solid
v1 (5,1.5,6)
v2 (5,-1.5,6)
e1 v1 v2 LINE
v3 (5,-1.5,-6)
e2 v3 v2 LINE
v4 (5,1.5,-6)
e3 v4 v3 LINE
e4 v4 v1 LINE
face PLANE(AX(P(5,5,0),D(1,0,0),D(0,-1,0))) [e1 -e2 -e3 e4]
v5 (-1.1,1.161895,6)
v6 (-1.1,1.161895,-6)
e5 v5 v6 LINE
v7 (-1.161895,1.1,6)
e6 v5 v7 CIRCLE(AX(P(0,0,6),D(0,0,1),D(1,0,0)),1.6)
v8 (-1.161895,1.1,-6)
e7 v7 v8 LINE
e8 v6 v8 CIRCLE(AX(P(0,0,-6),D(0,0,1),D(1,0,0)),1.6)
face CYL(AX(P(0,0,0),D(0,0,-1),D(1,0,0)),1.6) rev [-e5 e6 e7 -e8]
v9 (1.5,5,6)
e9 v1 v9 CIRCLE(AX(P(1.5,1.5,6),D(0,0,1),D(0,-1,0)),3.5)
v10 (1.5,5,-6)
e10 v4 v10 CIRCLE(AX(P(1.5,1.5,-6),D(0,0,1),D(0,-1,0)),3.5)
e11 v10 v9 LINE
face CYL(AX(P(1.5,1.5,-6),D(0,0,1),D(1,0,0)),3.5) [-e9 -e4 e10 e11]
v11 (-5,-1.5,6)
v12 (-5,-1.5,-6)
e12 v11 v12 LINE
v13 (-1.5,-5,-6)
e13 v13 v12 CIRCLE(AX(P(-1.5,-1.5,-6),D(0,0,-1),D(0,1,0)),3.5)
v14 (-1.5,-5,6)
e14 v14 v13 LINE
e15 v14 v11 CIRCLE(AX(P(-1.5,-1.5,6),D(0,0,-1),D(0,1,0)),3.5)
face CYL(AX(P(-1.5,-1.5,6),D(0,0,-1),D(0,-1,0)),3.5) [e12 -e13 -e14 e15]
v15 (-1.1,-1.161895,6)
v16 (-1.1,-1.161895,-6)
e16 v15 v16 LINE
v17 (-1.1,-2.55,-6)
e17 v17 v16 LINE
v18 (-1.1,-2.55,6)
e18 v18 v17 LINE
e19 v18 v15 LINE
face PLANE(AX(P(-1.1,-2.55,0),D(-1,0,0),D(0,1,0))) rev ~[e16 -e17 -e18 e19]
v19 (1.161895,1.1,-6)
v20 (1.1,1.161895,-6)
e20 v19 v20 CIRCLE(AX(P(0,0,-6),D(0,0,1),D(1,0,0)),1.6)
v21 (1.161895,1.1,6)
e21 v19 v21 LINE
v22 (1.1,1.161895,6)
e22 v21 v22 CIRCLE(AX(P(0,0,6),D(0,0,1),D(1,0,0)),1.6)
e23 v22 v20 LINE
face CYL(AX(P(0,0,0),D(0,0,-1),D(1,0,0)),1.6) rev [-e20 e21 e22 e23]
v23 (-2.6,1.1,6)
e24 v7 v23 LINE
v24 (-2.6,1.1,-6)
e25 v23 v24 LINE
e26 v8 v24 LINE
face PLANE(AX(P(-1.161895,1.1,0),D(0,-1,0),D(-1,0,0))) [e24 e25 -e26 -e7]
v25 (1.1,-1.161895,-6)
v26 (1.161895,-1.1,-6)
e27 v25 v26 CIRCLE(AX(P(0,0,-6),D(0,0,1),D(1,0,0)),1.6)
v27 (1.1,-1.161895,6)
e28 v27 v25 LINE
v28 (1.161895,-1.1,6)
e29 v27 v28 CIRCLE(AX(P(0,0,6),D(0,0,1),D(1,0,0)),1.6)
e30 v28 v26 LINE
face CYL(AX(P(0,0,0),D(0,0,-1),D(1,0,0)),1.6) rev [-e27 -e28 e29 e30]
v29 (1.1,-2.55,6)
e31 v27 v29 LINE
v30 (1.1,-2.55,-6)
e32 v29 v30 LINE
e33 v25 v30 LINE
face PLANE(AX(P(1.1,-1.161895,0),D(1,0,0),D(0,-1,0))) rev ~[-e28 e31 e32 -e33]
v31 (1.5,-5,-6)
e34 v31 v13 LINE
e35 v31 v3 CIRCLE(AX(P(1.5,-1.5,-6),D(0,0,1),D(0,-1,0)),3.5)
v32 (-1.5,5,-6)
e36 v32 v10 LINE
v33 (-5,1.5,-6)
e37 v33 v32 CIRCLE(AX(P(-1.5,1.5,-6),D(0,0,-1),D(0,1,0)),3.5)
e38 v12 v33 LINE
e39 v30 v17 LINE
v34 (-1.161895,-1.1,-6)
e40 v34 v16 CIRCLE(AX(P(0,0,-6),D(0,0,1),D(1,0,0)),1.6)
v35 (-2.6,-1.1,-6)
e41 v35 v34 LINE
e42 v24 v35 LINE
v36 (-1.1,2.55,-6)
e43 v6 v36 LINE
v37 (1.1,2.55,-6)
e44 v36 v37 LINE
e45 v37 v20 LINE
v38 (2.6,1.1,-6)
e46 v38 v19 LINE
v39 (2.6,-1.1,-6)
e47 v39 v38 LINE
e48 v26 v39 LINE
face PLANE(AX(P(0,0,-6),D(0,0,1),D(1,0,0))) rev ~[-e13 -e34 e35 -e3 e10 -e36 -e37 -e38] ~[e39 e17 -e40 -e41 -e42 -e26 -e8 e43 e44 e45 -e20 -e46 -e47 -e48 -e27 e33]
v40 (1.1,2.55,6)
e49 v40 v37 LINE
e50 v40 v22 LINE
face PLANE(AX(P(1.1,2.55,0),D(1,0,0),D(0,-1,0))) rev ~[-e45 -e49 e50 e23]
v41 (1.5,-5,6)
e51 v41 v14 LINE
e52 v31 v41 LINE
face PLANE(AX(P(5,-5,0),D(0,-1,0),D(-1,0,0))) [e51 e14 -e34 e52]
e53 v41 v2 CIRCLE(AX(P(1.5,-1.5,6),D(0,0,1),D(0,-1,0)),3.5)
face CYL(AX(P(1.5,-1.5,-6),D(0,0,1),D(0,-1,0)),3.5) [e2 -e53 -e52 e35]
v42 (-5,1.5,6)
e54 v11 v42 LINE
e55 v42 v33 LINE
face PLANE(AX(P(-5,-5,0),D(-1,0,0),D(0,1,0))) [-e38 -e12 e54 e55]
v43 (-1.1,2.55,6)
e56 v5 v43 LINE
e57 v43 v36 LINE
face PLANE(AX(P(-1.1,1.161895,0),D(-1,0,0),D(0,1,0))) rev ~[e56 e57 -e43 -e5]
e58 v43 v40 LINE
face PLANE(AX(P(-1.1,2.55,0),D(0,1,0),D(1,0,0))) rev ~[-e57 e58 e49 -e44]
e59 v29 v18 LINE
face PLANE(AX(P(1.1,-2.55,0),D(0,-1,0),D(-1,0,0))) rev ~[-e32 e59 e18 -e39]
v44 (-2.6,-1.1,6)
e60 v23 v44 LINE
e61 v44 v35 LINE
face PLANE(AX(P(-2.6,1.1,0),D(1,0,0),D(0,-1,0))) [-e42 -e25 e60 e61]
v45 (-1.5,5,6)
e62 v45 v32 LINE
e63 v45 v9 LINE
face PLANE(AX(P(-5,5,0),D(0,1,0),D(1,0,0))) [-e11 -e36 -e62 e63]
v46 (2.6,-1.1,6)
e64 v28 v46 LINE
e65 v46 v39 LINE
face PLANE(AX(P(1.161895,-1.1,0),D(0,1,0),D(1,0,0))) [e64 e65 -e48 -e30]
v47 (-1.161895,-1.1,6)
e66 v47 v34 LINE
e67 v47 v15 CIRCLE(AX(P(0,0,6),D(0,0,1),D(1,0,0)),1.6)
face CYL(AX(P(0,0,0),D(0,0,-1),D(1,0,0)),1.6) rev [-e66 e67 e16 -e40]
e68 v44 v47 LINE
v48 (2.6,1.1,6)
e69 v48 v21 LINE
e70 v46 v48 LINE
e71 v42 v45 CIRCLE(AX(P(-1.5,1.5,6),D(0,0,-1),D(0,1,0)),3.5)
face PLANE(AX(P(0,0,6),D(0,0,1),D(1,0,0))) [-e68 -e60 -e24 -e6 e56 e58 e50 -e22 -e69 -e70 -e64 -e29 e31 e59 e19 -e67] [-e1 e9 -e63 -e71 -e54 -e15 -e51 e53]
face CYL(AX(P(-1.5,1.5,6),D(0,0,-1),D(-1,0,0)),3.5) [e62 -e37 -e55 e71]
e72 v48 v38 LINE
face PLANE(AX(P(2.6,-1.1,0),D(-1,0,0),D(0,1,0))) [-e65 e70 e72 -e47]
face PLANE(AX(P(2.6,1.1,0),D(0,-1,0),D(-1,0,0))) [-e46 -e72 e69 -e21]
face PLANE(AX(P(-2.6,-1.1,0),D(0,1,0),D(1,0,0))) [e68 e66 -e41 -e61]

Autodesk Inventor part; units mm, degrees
ref_plane "YZ Plane" through (0, 0, 0) normal (1, 0, 0) x (0, 1, 0)
ref_plane "XZ Plane" through (0, 0, 0) normal (0, 1, 0) x (-1, 0, 0)
ref_plane "XY Plane" through (0, 0, 0) normal (0, 0, 1) x (1, 0, 0)
sketch "Boceto2" plane through (0, 0, 0) normal (0, 0, 1) x (1, 0, 0)
  circle A0 centre (0, 0) radius 1.6
  line L0 (1.1, -2.55) -> (-1.1, -2.55)
  line L1 (-1.1, -2.55) -> (-1.1, 2.55)
  line L2 (-1.1, 2.55) -> (1.1, 2.55)
  line L3 (1.1, 2.55) -> (1.1, -2.55)
  line L4 (1.1, -2.55) -> (-1.1, 2.55) construction
  line L5 (-1.1, -2.55) -> (1.1, 2.55) construction
  line L6 (-2.6, -1.1) -> (2.6, -1.1)
  line L7 (2.6, -1.1) -> (2.6, 1.1)
  line L8 (2.6, 1.1) -> (-2.6, 1.1)
  line L9 (-2.6, 1.1) -> (-2.6, -1.1)
  line L10 (-2.6, -1.1) -> (2.6, 1.1) construction
  line L11 (2.6, -1.1) -> (-2.6, 1.1) construction
  line L12 (5, -5) -> (-5, -5)
  line L13 (-5, -5) -> (-5, 5)
  line L14 (-5, 5) -> (5, 5)
  line L15 (5, 5) -> (5, -5)
  line L16 (5, -5) -> (-5, 5) construction
  line L17 (-5, -5) -> (5, 5) construction
  point P0 (-1.1, -1.1619)
  point P1 (-1.1619, -1.1)
  point P2 (-1.1619, 1.1)
  point P3 (-1.1, 1.1619)
  point P4 (1.1, 1.1619)
  point P5 (1.1619, 1.1)
  point P6 (1.1619, -1.1)
  point P7 (1.1, -1.1619)
  dimension "d0" = 3.2
  dimension "d1" = 2.2
  dimension "d2" = 5.1
  dimension "d3" = 2.2
  dimension "d4" = 5.2
  dimension "d5" = 10
  dimension "d6" = 10
extrude "Extrusión1" add sketch "Boceto2" along normal mid plane 12
fillet "Empalme1" radius 3.5 4 edges at (5, 5, 0) (-5, 5, 0) (5, -5, 0) (-5, -5, 0)
properties part number "Acoplador"
